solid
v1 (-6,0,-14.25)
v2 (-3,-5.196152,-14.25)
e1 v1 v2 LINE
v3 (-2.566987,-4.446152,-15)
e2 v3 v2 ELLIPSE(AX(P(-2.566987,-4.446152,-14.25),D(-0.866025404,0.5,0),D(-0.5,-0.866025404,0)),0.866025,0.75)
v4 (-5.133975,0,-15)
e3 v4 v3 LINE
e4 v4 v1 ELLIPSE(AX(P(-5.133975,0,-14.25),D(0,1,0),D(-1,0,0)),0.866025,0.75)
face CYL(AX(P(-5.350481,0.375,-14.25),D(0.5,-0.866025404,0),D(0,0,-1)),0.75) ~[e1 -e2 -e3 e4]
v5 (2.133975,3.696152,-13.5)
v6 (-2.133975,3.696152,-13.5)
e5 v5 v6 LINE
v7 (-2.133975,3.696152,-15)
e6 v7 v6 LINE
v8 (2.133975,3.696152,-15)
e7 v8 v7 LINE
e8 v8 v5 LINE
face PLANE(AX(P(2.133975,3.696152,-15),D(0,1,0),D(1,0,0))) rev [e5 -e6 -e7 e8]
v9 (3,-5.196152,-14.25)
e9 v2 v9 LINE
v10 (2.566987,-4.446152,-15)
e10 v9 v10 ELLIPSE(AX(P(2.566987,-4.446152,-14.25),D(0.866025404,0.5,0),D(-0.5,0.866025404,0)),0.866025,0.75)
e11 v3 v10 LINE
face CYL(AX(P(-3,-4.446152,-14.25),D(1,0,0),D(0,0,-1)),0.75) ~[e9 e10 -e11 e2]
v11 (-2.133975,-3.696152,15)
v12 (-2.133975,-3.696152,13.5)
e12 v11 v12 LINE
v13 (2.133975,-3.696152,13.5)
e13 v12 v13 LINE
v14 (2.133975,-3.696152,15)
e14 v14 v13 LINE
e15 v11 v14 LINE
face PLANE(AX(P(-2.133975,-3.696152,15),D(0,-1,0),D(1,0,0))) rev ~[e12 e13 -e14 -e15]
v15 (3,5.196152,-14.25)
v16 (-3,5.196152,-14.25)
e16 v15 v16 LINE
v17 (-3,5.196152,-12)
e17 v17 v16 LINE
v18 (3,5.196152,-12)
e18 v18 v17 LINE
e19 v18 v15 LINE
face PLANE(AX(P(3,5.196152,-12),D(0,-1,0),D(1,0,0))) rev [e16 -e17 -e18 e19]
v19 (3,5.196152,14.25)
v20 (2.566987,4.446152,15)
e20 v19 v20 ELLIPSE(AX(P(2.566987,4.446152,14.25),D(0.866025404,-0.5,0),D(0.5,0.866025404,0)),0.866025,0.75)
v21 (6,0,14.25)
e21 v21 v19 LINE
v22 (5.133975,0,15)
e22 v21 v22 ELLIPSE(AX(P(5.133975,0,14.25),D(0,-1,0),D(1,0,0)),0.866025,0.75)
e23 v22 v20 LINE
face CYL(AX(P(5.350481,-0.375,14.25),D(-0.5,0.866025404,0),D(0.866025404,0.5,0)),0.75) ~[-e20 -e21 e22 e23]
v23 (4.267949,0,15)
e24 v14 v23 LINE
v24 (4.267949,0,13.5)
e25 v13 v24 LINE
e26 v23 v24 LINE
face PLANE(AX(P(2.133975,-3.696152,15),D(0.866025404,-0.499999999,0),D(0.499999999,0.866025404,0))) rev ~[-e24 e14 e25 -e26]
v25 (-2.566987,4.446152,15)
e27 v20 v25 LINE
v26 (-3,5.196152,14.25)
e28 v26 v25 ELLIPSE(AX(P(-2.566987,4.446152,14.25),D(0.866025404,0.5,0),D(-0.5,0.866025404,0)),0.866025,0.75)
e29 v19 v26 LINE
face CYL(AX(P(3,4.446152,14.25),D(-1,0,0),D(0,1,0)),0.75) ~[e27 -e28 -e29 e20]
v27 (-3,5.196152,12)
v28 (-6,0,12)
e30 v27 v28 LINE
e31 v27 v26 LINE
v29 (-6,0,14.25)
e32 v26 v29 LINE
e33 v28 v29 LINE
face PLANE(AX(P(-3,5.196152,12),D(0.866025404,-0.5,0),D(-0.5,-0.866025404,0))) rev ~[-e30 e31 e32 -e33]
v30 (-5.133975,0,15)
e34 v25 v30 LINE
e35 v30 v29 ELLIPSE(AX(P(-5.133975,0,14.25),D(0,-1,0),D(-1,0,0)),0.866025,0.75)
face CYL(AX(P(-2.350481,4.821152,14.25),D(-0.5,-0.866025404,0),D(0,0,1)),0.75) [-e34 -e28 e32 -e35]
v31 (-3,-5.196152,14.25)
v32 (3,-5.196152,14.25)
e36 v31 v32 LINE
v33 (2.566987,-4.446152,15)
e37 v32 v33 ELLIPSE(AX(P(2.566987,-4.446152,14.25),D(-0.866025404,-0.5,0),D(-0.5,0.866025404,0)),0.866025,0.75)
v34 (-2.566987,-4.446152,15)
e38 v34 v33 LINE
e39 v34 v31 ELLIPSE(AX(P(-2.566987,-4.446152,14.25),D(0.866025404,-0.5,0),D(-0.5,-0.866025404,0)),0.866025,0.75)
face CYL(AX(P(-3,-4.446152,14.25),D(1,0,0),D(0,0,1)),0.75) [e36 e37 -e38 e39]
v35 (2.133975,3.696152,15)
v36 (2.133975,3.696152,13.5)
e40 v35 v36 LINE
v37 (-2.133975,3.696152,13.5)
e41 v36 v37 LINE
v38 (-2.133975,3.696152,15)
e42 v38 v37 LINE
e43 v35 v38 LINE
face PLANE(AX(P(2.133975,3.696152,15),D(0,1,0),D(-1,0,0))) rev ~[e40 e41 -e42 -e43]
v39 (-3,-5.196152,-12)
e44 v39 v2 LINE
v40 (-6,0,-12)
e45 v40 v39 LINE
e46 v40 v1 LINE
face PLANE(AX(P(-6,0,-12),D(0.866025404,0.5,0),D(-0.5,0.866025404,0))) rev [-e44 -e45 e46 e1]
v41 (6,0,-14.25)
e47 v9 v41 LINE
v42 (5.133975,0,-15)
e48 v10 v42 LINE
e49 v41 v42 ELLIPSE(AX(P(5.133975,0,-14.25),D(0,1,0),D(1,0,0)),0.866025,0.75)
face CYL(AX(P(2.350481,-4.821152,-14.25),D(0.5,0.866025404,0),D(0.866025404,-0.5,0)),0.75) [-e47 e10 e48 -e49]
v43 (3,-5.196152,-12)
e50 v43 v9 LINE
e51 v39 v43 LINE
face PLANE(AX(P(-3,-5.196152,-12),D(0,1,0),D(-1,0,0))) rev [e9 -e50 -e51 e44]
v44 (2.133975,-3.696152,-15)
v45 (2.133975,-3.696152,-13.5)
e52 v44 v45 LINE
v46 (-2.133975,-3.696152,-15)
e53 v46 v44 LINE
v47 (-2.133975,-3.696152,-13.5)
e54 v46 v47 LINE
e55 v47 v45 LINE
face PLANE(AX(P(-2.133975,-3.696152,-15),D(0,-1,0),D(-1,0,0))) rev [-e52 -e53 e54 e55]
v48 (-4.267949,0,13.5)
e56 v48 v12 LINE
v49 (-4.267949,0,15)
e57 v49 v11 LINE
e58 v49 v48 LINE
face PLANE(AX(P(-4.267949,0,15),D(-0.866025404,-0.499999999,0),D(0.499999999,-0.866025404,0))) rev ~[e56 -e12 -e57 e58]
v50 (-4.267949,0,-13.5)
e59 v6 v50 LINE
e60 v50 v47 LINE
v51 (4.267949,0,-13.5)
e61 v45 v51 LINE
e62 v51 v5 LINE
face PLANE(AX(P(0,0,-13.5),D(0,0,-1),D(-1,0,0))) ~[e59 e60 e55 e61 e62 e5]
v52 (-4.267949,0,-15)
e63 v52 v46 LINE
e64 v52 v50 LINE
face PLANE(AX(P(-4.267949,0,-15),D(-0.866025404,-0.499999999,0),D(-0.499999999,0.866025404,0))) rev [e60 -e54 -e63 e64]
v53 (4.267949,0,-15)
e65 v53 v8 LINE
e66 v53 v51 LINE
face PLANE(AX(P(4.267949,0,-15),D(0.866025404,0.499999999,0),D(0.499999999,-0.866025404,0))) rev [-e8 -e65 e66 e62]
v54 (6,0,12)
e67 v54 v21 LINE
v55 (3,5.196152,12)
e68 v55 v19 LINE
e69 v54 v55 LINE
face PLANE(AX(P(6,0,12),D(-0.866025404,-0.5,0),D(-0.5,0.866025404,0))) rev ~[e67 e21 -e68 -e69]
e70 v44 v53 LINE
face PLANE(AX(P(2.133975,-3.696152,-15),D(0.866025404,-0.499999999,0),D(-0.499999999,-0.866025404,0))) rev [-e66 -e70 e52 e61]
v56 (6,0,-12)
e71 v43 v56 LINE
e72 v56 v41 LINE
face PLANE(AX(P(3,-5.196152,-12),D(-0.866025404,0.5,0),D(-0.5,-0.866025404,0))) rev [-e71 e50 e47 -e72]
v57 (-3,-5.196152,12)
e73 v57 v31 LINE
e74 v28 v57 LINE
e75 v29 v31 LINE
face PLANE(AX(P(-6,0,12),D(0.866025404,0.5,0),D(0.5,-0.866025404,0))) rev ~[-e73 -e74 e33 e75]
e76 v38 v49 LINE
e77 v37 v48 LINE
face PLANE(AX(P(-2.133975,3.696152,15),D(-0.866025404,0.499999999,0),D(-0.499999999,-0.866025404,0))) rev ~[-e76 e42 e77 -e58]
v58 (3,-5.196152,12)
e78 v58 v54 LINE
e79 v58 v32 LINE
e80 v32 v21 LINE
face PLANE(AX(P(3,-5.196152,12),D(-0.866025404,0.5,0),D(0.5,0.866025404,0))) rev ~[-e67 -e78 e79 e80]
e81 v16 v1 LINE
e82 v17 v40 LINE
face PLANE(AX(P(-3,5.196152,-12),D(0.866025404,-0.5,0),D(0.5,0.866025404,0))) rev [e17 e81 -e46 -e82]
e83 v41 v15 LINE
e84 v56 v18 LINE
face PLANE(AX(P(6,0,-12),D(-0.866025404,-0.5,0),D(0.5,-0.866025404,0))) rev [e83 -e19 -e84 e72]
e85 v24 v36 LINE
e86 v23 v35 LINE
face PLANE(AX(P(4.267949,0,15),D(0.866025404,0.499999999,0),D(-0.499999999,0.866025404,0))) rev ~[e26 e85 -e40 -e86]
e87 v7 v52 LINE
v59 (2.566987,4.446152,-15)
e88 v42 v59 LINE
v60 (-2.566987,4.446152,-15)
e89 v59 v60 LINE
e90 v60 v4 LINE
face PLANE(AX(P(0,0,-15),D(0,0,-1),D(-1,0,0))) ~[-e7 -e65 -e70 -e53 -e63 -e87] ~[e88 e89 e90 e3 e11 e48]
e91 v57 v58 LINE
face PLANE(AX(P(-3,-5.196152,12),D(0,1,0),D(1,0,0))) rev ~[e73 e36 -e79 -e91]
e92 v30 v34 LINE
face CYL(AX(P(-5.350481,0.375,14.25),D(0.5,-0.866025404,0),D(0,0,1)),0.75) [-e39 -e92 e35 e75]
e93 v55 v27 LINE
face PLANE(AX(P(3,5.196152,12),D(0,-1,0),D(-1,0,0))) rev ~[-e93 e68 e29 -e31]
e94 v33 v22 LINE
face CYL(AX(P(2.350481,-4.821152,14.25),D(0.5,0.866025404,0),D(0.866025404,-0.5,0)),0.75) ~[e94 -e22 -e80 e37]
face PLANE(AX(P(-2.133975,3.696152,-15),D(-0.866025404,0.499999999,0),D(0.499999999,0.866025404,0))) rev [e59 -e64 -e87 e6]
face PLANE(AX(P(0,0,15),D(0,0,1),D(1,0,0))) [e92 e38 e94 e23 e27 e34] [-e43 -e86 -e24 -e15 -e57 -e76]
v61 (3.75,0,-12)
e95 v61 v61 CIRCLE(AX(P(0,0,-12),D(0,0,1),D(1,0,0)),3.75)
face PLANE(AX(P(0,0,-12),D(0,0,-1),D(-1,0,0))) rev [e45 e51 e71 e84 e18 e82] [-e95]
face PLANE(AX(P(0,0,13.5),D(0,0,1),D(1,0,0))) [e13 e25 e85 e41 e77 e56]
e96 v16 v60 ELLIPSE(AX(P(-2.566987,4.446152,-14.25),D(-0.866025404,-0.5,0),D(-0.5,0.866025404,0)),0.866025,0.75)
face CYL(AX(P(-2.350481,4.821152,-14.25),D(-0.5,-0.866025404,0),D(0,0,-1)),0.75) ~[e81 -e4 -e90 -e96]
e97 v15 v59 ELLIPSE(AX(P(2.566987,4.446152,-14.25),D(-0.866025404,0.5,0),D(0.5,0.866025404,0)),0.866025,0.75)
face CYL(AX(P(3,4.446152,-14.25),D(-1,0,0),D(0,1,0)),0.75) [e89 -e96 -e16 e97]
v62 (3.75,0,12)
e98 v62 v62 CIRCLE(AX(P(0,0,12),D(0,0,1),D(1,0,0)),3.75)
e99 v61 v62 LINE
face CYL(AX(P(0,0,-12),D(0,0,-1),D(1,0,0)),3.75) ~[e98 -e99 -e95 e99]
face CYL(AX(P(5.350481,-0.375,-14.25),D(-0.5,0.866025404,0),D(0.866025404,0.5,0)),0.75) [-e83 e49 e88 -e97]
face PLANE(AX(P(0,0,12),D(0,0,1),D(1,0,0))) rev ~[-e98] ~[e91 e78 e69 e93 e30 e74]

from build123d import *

# Parameters (mm, degrees)
BOSS_EXTRUDE1_DEPTH      = 2
BOSS_EXTRUDE1_DEPTH_BACK = 2
SKETCH1_R                = 0.625
BOSS_EXTRUDE2_DEPTH      = 0.5
FILLET1_R                = 0.125
CUT_EXTRUDE2_DEPTH       = 0.25
FILLET1_OF_MIRROR1_R     = 0.125
SCALE1_SCALE             = 6


with BuildPart() as part:
    # Sketch1 → Boss-Extrude1 (new, two sides: drawn at the far end of the back side and taken through both)
    with BuildSketch(Plane.XY.offset(-BOSS_EXTRUDE1_DEPTH_BACK)):
        Circle(SKETCH1_R)
    extrude(amount=BOSS_EXTRUDE1_DEPTH + BOSS_EXTRUDE1_DEPTH_BACK)

    # Sketch2 → Boss-Extrude2 (add)
    with BuildSketch(Plane.XY.offset(2)):
        Polygon((1, 0), (0.5, 0.866025404), (-0.5, 0.866025404), (-1, 0), (-0.5, -0.866025404), (0.5, -0.866025404), align=None)
    boss_extrude2 = extrude(amount=BOSS_EXTRUDE2_DEPTH)

    # Fillet1
    fillet1_edges = [part.edges().sort_by_distance(p)[0] for p in [
        (0.75, -0.433012702, 2.5),
        (0.75, 0.433012702, 2.5),
        (0, 0.866025404, 2.5),
        (-0.75, 0.433012702, 2.5),
        (-0.75, -0.433012702, 2.5),
        (0, -0.866025404, 2.5),
    ]]
    fillet(fillet1_edges, radius=FILLET1_R)

    # Sketch6 → Cut-Extrude2 (cut)
    with BuildSketch(Plane.XY.offset(2.5)):
        Polygon((-0.711324865, 0), (-0.355662433, -0.616025404), (0.355662433, -0.616025404), (0.711324865, 0), (0.355662433, 0.616025404), (-0.355662433, 0.616025404), align=None)
    cut_extrude2 = extrude(amount=-CUT_EXTRUDE2_DEPTH, mode=Mode.SUBTRACT)

    # Mirror1: Boss-Extrude2, Cut-Extrude2 across plane
    add(boss_extrude2.mirror(Plane.XY))
    add(cut_extrude2.mirror(Plane.XY), mode=Mode.SUBTRACT)

    # Fillet1 of Mirror1
    fillet1_of_mirror1_edges = [part.edges().sort_by_distance(p)[0] for p in [
        (0.75, -0.433012702, -2.5),
        (0.75, 0.433012702, -2.5),
        (0, 0.866025404, -2.5),
        (-0.75, 0.433012702, -2.5),
        (-0.75, -0.433012702, -2.5),
        (0, -0.866025404, -2.5),
    ]]
    fillet(fillet1_of_mirror1_edges, radius=FILLET1_OF_MIRROR1_R)


with BuildPart() as part_1:
    # Scale1: scaled about (0, 0, 0)
    add(part.part.scale(SCALE1_SCALE))


solid = part_1.part
